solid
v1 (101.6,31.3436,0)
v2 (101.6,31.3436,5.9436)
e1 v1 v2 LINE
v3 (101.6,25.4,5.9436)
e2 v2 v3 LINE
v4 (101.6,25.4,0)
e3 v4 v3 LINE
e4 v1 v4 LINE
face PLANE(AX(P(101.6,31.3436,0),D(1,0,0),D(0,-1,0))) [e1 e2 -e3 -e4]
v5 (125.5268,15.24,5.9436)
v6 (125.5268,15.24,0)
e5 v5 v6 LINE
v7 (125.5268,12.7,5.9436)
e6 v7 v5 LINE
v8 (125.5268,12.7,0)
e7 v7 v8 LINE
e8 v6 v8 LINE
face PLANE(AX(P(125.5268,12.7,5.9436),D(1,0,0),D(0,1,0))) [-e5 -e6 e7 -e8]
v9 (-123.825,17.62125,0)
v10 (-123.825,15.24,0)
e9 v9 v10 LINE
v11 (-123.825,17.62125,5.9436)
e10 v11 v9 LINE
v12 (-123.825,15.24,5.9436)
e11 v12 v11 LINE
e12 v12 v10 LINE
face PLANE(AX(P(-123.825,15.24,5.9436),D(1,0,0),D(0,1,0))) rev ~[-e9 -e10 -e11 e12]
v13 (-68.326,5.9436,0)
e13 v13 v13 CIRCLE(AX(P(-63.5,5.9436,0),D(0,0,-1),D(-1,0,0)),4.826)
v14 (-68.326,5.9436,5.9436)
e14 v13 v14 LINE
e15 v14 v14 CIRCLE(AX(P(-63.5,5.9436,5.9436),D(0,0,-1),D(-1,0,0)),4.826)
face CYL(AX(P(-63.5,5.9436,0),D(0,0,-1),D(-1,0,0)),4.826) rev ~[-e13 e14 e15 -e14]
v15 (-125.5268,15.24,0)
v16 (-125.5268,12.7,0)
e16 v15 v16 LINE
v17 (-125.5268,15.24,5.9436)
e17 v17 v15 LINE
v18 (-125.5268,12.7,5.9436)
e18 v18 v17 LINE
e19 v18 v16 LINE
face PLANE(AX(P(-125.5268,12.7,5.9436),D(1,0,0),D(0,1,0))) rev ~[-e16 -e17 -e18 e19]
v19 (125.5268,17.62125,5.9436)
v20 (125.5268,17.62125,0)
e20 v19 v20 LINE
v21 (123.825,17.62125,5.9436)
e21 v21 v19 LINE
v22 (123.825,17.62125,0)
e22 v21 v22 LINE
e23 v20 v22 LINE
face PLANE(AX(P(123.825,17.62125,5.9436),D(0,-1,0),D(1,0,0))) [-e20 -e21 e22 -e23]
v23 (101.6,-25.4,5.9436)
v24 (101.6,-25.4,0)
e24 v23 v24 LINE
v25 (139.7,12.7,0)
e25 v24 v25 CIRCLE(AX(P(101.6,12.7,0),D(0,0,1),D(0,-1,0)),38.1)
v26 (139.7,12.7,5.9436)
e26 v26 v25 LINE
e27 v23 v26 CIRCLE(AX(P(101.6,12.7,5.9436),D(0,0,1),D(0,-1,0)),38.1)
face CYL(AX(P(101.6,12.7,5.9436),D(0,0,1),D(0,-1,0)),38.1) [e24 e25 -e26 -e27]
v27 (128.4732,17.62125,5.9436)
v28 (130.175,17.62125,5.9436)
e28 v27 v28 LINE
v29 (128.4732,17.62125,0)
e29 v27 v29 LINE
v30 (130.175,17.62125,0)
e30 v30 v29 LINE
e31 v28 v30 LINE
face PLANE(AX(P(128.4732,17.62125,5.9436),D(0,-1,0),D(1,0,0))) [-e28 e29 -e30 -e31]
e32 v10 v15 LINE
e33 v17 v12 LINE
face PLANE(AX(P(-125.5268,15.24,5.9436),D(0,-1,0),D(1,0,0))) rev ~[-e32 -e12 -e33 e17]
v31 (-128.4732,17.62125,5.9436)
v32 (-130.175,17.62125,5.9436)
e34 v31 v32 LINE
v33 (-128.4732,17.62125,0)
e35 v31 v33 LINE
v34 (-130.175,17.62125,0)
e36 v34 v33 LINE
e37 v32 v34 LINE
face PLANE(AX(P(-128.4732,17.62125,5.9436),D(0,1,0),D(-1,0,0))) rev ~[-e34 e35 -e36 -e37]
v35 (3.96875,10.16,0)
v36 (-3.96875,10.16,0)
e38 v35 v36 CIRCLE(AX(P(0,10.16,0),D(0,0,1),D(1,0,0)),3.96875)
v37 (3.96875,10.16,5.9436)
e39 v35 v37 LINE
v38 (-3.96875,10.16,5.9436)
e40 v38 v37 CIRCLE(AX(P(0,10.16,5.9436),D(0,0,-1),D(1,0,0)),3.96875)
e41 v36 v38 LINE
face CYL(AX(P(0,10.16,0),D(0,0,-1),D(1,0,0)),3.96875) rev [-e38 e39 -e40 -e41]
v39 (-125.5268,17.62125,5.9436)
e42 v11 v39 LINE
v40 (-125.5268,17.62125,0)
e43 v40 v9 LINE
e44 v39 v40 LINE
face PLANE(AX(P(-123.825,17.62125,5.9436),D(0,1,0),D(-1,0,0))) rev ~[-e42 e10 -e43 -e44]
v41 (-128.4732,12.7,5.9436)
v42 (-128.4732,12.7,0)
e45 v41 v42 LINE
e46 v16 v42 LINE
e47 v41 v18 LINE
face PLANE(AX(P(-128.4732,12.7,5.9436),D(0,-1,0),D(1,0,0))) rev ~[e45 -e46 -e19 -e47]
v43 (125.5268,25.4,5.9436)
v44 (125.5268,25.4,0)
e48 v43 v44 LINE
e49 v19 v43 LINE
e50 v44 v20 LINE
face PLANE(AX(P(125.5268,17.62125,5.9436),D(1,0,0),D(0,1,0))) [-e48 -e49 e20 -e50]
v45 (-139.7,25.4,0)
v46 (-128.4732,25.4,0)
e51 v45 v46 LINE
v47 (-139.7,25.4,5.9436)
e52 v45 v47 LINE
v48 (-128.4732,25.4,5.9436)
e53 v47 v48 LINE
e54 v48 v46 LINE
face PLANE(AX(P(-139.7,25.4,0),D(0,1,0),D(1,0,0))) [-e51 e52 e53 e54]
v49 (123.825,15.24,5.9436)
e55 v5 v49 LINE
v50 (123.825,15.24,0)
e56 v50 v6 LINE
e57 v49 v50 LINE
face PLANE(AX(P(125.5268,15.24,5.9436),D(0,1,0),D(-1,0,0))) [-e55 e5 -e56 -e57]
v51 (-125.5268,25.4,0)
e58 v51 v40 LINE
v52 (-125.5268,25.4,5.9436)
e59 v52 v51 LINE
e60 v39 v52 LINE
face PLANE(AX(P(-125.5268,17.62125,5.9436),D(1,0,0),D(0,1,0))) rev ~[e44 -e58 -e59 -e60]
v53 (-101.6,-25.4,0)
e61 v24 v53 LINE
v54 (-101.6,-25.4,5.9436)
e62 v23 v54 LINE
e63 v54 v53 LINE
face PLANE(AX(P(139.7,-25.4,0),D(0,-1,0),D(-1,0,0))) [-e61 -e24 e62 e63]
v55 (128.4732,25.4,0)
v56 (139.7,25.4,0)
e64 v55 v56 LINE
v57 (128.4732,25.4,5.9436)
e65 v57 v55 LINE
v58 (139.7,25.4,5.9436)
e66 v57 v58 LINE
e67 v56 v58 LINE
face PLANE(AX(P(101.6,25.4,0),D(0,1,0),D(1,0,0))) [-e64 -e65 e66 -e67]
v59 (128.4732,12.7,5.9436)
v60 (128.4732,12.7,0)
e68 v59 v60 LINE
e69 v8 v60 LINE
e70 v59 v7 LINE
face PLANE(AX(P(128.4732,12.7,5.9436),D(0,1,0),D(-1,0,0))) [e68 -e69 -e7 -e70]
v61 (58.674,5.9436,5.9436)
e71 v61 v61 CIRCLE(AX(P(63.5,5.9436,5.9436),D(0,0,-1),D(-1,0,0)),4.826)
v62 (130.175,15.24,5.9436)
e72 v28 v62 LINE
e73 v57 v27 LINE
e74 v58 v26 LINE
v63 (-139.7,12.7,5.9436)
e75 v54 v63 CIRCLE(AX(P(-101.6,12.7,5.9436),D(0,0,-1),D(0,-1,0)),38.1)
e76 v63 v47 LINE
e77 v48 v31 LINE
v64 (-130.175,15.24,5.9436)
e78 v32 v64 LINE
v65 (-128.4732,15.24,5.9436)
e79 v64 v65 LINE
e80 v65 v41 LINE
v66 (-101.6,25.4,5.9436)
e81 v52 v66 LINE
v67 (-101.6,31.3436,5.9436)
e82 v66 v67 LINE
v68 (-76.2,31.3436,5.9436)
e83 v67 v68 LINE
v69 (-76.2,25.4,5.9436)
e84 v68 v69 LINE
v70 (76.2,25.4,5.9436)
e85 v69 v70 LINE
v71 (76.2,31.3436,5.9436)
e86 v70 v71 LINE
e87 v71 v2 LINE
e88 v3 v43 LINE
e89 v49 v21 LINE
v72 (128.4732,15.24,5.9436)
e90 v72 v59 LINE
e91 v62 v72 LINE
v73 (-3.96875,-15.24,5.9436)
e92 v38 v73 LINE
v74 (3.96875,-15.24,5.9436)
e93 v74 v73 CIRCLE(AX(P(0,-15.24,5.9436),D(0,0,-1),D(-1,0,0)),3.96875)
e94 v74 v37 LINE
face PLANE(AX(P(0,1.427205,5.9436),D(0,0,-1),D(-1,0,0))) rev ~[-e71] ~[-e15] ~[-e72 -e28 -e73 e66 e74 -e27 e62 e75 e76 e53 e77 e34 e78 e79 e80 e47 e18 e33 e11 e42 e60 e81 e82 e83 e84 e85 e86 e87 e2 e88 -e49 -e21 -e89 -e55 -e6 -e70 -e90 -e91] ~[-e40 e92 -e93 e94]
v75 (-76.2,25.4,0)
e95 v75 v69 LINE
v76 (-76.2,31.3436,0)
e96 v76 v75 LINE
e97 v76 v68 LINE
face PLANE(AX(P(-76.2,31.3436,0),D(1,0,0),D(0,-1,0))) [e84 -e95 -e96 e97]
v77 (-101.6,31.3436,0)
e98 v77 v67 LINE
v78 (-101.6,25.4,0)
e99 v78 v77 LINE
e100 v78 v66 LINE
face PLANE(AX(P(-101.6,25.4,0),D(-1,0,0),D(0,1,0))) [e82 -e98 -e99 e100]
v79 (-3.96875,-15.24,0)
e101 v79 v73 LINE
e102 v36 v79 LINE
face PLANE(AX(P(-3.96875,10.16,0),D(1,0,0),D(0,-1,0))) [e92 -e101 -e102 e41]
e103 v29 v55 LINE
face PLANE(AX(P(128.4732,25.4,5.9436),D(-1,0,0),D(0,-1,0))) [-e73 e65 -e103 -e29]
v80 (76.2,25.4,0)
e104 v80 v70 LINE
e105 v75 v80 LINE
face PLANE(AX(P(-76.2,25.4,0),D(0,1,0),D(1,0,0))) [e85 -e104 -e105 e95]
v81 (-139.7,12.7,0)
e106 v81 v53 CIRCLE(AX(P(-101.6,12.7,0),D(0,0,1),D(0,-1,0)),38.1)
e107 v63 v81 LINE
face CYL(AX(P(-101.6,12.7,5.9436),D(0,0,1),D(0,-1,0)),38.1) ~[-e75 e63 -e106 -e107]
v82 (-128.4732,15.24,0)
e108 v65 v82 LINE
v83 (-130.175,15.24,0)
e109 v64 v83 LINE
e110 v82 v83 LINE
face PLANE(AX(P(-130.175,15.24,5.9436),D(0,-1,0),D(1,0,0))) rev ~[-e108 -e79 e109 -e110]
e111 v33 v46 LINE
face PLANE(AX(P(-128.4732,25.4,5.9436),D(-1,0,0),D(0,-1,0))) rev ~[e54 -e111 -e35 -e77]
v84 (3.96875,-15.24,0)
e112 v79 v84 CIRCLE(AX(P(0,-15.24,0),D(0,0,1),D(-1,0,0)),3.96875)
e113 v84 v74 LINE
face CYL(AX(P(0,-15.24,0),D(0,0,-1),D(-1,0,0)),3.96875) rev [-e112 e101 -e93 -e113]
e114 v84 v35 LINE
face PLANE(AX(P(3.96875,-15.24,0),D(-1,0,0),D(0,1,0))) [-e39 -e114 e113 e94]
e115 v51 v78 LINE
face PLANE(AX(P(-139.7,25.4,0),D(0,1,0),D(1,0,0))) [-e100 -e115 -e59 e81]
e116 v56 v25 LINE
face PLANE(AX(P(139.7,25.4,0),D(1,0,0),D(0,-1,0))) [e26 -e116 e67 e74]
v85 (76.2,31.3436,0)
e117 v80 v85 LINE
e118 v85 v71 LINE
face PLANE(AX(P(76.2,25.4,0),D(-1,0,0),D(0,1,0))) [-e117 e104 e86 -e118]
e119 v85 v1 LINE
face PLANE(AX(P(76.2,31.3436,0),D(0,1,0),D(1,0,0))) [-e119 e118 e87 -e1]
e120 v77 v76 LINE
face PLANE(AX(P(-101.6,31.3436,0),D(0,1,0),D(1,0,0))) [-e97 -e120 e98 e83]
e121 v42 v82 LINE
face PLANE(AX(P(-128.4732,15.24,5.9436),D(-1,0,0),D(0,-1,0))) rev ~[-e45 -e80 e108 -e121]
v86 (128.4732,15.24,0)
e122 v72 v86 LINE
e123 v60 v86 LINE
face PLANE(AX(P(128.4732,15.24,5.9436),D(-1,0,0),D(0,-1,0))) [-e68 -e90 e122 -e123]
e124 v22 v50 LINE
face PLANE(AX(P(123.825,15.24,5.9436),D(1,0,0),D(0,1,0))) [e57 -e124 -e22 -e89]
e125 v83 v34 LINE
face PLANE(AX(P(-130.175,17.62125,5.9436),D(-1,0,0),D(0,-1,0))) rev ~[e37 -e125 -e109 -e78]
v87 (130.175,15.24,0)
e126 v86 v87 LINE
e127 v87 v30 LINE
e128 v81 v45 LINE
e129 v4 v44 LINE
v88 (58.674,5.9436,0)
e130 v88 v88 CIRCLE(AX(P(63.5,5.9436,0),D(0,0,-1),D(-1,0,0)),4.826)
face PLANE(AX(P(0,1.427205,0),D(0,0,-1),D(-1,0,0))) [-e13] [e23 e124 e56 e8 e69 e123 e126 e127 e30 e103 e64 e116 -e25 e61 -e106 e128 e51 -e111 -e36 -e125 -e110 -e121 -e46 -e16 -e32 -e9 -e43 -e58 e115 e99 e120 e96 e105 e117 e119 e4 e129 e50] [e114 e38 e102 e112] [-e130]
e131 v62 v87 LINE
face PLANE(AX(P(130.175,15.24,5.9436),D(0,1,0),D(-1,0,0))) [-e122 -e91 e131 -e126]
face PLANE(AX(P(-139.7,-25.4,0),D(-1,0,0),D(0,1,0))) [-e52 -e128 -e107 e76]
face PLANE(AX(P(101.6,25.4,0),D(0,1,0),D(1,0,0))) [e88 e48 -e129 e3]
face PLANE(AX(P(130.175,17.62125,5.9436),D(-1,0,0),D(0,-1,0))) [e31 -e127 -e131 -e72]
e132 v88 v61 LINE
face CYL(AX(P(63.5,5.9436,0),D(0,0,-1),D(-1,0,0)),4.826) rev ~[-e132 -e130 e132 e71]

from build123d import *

# Parameters (mm, degrees)
BOSS_EXTRUDE1_DEPTH = 5.9436
CUT_EXTRUDE1_DEPTH  = 6.35
SKETCH3_R           = 4.826
CUT_EXTRUDE2_DEPTH  = 6.9436
CUT_EXTRUDE3_DEPTH  = 6.9436


with BuildPart() as part:
    # Sketch1 → Boss-Extrude1 (new body)
    with BuildSketch(Plane.XY):
        Polygon((-101.6, 25.4), (-101.6, 31.3436), (-76.2, 31.3436), (-76.2, 25.4), (76.2, 25.4), (76.2, 31.3436), (101.6, 31.3436), (101.6, 25.4), (139.7, 25.4), (139.7, -25.4), (-139.7, -25.4), (-139.7, 25.4), align=None)
    extrude(amount=BOSS_EXTRUDE1_DEPTH)

    # Sketch2 → Cut-Extrude1 (cut)
    with BuildSketch(Plane.XY.offset(5.9436)):
        Polygon((-128.4732, 25.4), (-128.4732, 17.62125), (-130.175, 17.62125), (-130.175, 15.24), (-128.4732, 15.24), (-128.4732, 12.7), (-125.5268, 12.7), (-125.5268, 15.24), (-123.825, 15.24), (-123.825, 17.62125), (-125.5268, 17.62125), (-125.5268, 25.4), align=None)
        Polygon((125.5268, 17.62125), (125.5268, 25.4), (128.4732, 25.4), (128.4732, 17.62125), (130.175, 17.62125), (130.175, 15.24), (128.4732, 15.24), (128.4732, 12.7), (125.5268, 12.7), (125.5268, 15.24), (123.825, 15.24), (123.825, 17.62125), align=None)
    extrude(amount=-CUT_EXTRUDE1_DEPTH, mode=Mode.SUBTRACT)

    # Sketch3 → Cut-Extrude2 (cut, through all)
    with BuildSketch(Plane(origin=(0, 0, 0), x_dir=(-1, 0, 0), z_dir=(0, 0, -1))):
        with Locations((-63.5, 5.9436)):
            Circle(SKETCH3_R)
        with Locations((63.5, 5.9436)):
            Circle(SKETCH3_R)
        with BuildLine():
            Line((3.96875, 10.16), (3.96875, -15.24))
            ThreePointArc((3.96875, -15.24), (0, -19.20875), (-3.96875, -15.24))
            Line((-3.96875, -15.24), (-3.96875, 10.16))
            ThreePointArc((-3.96875, 10.16), (0, 14.12875), (3.96875, 10.16))
        make_face()
    extrude(amount=-CUT_EXTRUDE2_DEPTH, mode=Mode.SUBTRACT)

    # Sketch4 → Cut-Extrude3 (cut, through all)
    with BuildSketch(Plane.XY.offset(5.9436)):
        with BuildLine():
            Line((-139.7, 12.7), (-139.7, -25.4))
            Line((-139.7, -25.4), (-101.6, -25.4))
            ThreePointArc((-101.6, -25.4), (-128.540768363, -14.240768363), (-139.7, 12.7))
        make_face()
        with BuildLine():
            Line((139.7, -25.4), (101.6, -25.4))
            ThreePointArc((101.6, -25.4), (128.540768363, -14.240768363), (139.7, 12.7))
            Line((139.7, 12.7), (139.7, -25.4))
        make_face()
    extrude(amount=-CUT_EXTRUDE3_DEPTH, mode=Mode.SUBTRACT)


solid = part.part
